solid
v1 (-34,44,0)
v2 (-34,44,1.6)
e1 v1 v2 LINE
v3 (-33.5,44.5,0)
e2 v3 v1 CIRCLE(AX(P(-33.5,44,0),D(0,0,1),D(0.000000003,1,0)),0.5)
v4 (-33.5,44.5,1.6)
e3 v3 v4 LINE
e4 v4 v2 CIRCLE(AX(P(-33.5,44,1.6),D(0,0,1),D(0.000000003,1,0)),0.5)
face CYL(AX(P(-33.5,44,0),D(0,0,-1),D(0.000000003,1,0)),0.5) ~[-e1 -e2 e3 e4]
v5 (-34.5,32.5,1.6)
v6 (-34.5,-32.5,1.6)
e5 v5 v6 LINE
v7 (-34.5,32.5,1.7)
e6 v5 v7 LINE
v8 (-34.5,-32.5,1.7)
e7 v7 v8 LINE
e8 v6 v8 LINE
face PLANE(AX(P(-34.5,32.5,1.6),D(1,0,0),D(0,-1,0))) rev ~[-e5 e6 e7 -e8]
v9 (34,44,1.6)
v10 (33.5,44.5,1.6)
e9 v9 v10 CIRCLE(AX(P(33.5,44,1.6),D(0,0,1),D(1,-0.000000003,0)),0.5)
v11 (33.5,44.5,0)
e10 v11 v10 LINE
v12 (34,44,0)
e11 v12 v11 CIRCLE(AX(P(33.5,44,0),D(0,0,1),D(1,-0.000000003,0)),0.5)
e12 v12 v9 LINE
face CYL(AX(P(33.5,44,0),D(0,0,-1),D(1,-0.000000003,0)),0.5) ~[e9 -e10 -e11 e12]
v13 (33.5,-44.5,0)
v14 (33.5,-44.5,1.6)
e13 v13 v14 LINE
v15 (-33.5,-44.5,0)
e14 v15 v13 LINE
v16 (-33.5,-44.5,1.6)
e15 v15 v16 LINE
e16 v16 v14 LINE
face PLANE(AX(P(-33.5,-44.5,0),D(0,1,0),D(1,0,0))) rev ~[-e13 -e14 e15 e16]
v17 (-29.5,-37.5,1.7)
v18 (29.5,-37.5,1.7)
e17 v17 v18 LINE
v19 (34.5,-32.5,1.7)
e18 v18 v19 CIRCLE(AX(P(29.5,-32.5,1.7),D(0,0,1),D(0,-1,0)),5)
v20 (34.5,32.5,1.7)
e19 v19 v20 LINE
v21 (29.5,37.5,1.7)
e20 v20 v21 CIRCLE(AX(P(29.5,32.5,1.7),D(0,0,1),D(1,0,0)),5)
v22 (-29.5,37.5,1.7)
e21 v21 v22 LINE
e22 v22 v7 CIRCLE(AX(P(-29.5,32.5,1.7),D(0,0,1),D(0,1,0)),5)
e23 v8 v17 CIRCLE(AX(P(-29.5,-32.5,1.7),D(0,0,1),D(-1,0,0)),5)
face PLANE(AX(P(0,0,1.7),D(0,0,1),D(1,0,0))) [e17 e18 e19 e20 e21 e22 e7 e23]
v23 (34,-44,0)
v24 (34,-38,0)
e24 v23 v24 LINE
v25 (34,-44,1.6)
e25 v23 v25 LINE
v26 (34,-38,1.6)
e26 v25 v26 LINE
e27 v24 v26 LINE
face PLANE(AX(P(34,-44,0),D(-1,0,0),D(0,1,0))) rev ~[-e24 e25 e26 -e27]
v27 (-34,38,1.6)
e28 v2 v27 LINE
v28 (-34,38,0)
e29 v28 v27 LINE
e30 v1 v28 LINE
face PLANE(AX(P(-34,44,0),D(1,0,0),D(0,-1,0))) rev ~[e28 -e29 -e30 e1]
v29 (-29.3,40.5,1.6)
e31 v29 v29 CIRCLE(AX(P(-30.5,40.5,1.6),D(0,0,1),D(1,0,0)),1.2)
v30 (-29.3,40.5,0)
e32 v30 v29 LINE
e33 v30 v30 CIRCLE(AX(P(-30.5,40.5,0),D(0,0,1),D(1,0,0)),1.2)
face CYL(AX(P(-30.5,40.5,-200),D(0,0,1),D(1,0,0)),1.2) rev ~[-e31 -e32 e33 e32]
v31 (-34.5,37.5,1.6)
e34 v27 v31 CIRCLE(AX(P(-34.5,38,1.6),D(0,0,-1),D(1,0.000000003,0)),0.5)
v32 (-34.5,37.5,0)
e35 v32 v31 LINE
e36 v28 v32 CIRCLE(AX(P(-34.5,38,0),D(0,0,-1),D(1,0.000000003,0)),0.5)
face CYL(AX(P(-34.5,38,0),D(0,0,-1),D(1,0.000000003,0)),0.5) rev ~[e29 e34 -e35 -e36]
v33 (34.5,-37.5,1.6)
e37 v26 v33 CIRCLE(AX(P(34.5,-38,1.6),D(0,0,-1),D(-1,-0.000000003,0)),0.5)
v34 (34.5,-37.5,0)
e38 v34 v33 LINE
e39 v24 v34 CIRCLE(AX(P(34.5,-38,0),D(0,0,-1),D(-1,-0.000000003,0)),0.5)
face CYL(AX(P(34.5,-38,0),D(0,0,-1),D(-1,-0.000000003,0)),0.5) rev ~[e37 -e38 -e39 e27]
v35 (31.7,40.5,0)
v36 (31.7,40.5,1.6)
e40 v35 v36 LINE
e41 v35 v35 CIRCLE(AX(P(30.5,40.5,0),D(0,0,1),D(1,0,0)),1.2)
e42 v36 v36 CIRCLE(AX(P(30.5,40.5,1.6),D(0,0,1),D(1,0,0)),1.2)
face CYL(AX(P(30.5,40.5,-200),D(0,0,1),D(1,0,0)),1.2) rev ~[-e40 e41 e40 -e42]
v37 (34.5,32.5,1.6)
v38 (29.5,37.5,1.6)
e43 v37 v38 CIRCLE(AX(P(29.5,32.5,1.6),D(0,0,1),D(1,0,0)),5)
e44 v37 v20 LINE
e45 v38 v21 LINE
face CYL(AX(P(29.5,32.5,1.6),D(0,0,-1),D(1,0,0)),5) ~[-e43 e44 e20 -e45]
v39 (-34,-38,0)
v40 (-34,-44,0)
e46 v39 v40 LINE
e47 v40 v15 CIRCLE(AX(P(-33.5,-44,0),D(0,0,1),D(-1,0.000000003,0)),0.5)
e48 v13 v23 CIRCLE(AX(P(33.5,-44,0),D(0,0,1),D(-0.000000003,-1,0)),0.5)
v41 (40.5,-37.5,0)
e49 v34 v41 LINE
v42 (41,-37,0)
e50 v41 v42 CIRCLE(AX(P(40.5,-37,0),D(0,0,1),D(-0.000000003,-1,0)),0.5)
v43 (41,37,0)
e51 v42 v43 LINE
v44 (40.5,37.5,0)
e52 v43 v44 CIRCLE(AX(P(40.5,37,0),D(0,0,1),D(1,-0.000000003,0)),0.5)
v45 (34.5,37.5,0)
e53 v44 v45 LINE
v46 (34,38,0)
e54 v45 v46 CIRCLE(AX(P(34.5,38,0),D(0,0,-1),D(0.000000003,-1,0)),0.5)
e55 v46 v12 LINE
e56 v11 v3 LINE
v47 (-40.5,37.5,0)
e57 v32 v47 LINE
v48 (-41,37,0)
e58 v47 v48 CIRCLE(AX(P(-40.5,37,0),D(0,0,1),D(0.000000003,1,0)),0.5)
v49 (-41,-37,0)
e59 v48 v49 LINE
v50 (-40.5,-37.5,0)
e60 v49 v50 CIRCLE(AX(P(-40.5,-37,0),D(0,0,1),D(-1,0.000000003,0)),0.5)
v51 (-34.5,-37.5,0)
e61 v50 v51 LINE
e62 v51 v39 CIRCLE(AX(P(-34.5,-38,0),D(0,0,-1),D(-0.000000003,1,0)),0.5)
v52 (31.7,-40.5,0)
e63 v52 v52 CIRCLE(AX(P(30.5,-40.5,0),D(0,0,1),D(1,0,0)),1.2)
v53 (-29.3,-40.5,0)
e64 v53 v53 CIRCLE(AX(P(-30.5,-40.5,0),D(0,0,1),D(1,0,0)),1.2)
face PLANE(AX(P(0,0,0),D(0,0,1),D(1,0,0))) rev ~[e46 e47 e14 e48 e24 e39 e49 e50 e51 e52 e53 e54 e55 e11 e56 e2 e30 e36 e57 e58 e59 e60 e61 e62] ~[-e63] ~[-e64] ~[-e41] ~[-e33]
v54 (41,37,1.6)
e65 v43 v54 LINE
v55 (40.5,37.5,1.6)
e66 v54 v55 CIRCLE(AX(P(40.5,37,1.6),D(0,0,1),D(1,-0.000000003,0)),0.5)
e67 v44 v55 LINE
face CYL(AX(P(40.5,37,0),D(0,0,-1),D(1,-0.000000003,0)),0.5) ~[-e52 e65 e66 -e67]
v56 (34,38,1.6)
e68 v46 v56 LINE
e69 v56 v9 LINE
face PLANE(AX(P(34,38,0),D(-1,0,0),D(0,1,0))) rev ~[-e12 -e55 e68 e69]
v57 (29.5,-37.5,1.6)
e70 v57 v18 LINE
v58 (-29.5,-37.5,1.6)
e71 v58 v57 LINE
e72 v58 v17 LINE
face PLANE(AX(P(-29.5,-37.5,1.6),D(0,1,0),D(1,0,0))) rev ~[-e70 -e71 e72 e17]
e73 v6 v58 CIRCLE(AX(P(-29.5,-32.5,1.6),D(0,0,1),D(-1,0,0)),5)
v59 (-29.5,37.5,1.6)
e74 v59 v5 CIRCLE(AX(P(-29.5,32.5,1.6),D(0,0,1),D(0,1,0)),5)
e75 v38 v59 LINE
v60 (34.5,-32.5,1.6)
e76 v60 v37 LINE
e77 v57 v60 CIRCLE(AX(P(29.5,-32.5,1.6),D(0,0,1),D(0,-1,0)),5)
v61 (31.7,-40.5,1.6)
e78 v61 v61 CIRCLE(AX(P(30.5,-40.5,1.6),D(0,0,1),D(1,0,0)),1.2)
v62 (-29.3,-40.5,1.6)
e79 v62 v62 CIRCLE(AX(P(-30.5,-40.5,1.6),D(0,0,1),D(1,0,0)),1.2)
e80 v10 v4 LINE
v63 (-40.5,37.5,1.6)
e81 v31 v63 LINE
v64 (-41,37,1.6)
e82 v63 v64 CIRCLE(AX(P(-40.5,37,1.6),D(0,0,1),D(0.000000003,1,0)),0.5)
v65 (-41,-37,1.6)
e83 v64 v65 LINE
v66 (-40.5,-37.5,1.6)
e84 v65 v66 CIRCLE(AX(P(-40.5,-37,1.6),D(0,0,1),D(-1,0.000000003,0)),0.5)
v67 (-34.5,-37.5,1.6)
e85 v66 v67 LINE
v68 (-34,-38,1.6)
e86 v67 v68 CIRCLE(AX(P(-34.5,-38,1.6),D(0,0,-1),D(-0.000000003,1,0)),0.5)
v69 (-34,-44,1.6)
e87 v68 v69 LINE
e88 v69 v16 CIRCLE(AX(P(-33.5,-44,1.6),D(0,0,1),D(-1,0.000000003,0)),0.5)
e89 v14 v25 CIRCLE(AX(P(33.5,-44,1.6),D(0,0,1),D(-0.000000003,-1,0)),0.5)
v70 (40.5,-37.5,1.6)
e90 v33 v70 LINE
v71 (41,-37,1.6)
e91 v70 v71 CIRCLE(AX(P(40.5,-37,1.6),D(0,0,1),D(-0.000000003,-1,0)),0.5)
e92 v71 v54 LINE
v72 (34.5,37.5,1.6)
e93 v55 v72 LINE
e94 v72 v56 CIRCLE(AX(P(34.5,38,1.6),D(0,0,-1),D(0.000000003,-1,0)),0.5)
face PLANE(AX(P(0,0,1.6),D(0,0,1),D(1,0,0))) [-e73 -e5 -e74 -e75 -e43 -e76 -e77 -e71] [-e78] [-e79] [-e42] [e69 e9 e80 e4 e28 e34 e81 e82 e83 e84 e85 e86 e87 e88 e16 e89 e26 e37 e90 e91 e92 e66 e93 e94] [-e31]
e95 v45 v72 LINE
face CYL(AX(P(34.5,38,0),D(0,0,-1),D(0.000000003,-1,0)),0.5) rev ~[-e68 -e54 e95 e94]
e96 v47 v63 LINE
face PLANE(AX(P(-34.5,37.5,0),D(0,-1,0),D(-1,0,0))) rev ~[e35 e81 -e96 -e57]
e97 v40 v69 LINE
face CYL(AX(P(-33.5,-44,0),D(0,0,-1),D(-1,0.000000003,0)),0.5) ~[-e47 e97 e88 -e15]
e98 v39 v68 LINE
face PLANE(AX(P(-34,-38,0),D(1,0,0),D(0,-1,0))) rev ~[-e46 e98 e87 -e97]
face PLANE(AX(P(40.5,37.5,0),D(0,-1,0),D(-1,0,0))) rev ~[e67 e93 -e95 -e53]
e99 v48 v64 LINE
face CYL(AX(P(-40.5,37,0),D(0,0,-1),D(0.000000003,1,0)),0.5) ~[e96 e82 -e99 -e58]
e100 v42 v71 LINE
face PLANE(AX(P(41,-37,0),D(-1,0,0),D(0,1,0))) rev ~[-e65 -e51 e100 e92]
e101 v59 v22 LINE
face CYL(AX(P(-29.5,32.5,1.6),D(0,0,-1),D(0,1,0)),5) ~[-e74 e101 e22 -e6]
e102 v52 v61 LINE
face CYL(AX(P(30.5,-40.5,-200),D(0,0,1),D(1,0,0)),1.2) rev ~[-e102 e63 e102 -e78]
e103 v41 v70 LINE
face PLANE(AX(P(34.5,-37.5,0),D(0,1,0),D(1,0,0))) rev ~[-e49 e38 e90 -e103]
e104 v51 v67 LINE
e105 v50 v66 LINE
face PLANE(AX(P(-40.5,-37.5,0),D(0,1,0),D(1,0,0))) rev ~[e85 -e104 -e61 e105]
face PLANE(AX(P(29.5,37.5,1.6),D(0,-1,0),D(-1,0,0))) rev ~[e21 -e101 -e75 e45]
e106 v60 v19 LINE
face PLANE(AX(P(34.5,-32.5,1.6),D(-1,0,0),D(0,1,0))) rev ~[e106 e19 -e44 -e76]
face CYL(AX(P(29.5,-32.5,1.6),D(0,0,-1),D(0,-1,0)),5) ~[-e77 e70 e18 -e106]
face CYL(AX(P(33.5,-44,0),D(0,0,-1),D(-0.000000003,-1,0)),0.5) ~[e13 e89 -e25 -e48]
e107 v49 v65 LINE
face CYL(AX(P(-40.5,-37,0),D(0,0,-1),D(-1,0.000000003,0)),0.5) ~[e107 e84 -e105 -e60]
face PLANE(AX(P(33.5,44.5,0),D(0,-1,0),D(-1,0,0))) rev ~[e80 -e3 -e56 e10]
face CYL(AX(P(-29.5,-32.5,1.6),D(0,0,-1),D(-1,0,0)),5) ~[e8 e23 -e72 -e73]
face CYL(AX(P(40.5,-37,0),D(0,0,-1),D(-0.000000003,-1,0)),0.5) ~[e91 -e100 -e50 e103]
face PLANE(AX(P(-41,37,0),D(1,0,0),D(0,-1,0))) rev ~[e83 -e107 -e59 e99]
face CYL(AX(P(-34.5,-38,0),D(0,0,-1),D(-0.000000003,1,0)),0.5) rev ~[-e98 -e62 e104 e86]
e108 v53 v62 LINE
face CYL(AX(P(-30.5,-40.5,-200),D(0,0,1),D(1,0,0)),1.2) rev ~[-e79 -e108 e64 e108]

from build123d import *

# Parameters (mm, degrees)
BOSS_EXTRUDE1_DEPTH            = 1.6
BOSS_EXTRUDE2_DEPTH            = 0.1
M2_HOLE1_FIXINGSTRUCTURE_D     = 2.4
M2_HOLE1_FIXINGSTRUCTURE_DEPTH = 200
M2_HOLE1_FIXINGSTRUCTURE_TIP   = 0.721032743


with BuildPart() as part:
    # Sketch1 → Boss-Extrude1 (new body)
    with BuildSketch(Plane.XY):
        with BuildLine():
            Line((-34, 44), (-34, 38))
            ThreePointArc((-34, 38), (-34.146446609, 37.646446609), (-34.5, 37.5))
            Line((-34.5, 37.5), (-40.5, 37.5))
            ThreePointArc((-40.5, 37.5), (-40.853553391, 37.353553391), (-41, 37))
            Line((-41, 37), (-41, -37))
            ThreePointArc((-41, -37), (-40.853553391, -37.353553391), (-40.5, -37.5))
            Line((-40.5, -37.5), (-34.5, -37.5))
            ThreePointArc((-34.5, -37.5), (-34.146446609, -37.646446609), (-34, -38))
            Line((-34, -38), (-34, -44))
            ThreePointArc((-34, -44), (-33.853553391, -44.353553391), (-33.5, -44.5))
            Line((-33.5, -44.5), (33.5, -44.5))
            ThreePointArc((33.5, -44.5), (33.853553391, -44.353553391), (34, -44))
            Line((34, -44), (34, -38))
            ThreePointArc((34, -38), (34.146446609, -37.646446609), (34.5, -37.5))
            Line((34.5, -37.5), (40.5, -37.5))
            ThreePointArc((40.5, -37.5), (40.853553391, -37.353553391), (41, -37))
            Line((41, -37), (41, 37))
            ThreePointArc((41, 37), (40.853553391, 37.353553391), (40.5, 37.5))
            Line((40.5, 37.5), (34.5, 37.5))
            ThreePointArc((34.5, 37.5), (34.146446609, 37.646446609), (34, 38))
            Line((34, 38), (34, 44))
            ThreePointArc((34, 44), (33.853553391, 44.353553391), (33.5, 44.5))
            Line((33.5, 44.5), (-33.5, 44.5))
            ThreePointArc((-33.5, 44.5), (-33.853553391, 44.353553391), (-34, 44))
        make_face()
    extrude(amount=BOSS_EXTRUDE1_DEPTH)

    # Esboço1 → Boss-Extrude2 (add)
    with BuildSketch(Plane.XY.offset(1.6)):
        with BuildLine():
            Line((-29.5, -37.5), (29.5, -37.5))
            ThreePointArc((29.5, -37.5), (33.035533906, -36.035533906), (34.5, -32.5))
            Line((34.5, -32.5), (34.5, 32.5))
            ThreePointArc((34.5, 32.5), (33.035533906, 36.035533906), (29.5, 37.5))
            Line((29.5, 37.5), (-29.5, 37.5))
            ThreePointArc((-29.5, 37.5), (-33.035533906, 36.035533906), (-34.5, 32.5))
            Line((-34.5, 32.5), (-34.5, -32.5))
            ThreePointArc((-34.5, -32.5), (-33.035533906, -36.035533906), (-29.5, -37.5))
        make_face()
    extrude(amount=BOSS_EXTRUDE2_DEPTH)

    # M2 Hole1-FixingStructure
    with Locations(Plane(origin=(0, 0, 0), x_dir=(-1, 0, 0), z_dir=(0, 0, -1))):
        with Locations((-30.5, 40.5), (30.5, 40.5), (-30.5, -40.5), (30.5, -40.5)):
            Hole(M2_HOLE1_FIXINGSTRUCTURE_D / 2, depth=M2_HOLE1_FIXINGSTRUCTURE_DEPTH)
            with Locations((0, 0, -(M2_HOLE1_FIXINGSTRUCTURE_DEPTH + M2_HOLE1_FIXINGSTRUCTURE_TIP / 2))):  # 118° drill point
                Cone(0, M2_HOLE1_FIXINGSTRUCTURE_D / 2, M2_HOLE1_FIXINGSTRUCTURE_TIP, mode=Mode.SUBTRACT)


solid = part.part
